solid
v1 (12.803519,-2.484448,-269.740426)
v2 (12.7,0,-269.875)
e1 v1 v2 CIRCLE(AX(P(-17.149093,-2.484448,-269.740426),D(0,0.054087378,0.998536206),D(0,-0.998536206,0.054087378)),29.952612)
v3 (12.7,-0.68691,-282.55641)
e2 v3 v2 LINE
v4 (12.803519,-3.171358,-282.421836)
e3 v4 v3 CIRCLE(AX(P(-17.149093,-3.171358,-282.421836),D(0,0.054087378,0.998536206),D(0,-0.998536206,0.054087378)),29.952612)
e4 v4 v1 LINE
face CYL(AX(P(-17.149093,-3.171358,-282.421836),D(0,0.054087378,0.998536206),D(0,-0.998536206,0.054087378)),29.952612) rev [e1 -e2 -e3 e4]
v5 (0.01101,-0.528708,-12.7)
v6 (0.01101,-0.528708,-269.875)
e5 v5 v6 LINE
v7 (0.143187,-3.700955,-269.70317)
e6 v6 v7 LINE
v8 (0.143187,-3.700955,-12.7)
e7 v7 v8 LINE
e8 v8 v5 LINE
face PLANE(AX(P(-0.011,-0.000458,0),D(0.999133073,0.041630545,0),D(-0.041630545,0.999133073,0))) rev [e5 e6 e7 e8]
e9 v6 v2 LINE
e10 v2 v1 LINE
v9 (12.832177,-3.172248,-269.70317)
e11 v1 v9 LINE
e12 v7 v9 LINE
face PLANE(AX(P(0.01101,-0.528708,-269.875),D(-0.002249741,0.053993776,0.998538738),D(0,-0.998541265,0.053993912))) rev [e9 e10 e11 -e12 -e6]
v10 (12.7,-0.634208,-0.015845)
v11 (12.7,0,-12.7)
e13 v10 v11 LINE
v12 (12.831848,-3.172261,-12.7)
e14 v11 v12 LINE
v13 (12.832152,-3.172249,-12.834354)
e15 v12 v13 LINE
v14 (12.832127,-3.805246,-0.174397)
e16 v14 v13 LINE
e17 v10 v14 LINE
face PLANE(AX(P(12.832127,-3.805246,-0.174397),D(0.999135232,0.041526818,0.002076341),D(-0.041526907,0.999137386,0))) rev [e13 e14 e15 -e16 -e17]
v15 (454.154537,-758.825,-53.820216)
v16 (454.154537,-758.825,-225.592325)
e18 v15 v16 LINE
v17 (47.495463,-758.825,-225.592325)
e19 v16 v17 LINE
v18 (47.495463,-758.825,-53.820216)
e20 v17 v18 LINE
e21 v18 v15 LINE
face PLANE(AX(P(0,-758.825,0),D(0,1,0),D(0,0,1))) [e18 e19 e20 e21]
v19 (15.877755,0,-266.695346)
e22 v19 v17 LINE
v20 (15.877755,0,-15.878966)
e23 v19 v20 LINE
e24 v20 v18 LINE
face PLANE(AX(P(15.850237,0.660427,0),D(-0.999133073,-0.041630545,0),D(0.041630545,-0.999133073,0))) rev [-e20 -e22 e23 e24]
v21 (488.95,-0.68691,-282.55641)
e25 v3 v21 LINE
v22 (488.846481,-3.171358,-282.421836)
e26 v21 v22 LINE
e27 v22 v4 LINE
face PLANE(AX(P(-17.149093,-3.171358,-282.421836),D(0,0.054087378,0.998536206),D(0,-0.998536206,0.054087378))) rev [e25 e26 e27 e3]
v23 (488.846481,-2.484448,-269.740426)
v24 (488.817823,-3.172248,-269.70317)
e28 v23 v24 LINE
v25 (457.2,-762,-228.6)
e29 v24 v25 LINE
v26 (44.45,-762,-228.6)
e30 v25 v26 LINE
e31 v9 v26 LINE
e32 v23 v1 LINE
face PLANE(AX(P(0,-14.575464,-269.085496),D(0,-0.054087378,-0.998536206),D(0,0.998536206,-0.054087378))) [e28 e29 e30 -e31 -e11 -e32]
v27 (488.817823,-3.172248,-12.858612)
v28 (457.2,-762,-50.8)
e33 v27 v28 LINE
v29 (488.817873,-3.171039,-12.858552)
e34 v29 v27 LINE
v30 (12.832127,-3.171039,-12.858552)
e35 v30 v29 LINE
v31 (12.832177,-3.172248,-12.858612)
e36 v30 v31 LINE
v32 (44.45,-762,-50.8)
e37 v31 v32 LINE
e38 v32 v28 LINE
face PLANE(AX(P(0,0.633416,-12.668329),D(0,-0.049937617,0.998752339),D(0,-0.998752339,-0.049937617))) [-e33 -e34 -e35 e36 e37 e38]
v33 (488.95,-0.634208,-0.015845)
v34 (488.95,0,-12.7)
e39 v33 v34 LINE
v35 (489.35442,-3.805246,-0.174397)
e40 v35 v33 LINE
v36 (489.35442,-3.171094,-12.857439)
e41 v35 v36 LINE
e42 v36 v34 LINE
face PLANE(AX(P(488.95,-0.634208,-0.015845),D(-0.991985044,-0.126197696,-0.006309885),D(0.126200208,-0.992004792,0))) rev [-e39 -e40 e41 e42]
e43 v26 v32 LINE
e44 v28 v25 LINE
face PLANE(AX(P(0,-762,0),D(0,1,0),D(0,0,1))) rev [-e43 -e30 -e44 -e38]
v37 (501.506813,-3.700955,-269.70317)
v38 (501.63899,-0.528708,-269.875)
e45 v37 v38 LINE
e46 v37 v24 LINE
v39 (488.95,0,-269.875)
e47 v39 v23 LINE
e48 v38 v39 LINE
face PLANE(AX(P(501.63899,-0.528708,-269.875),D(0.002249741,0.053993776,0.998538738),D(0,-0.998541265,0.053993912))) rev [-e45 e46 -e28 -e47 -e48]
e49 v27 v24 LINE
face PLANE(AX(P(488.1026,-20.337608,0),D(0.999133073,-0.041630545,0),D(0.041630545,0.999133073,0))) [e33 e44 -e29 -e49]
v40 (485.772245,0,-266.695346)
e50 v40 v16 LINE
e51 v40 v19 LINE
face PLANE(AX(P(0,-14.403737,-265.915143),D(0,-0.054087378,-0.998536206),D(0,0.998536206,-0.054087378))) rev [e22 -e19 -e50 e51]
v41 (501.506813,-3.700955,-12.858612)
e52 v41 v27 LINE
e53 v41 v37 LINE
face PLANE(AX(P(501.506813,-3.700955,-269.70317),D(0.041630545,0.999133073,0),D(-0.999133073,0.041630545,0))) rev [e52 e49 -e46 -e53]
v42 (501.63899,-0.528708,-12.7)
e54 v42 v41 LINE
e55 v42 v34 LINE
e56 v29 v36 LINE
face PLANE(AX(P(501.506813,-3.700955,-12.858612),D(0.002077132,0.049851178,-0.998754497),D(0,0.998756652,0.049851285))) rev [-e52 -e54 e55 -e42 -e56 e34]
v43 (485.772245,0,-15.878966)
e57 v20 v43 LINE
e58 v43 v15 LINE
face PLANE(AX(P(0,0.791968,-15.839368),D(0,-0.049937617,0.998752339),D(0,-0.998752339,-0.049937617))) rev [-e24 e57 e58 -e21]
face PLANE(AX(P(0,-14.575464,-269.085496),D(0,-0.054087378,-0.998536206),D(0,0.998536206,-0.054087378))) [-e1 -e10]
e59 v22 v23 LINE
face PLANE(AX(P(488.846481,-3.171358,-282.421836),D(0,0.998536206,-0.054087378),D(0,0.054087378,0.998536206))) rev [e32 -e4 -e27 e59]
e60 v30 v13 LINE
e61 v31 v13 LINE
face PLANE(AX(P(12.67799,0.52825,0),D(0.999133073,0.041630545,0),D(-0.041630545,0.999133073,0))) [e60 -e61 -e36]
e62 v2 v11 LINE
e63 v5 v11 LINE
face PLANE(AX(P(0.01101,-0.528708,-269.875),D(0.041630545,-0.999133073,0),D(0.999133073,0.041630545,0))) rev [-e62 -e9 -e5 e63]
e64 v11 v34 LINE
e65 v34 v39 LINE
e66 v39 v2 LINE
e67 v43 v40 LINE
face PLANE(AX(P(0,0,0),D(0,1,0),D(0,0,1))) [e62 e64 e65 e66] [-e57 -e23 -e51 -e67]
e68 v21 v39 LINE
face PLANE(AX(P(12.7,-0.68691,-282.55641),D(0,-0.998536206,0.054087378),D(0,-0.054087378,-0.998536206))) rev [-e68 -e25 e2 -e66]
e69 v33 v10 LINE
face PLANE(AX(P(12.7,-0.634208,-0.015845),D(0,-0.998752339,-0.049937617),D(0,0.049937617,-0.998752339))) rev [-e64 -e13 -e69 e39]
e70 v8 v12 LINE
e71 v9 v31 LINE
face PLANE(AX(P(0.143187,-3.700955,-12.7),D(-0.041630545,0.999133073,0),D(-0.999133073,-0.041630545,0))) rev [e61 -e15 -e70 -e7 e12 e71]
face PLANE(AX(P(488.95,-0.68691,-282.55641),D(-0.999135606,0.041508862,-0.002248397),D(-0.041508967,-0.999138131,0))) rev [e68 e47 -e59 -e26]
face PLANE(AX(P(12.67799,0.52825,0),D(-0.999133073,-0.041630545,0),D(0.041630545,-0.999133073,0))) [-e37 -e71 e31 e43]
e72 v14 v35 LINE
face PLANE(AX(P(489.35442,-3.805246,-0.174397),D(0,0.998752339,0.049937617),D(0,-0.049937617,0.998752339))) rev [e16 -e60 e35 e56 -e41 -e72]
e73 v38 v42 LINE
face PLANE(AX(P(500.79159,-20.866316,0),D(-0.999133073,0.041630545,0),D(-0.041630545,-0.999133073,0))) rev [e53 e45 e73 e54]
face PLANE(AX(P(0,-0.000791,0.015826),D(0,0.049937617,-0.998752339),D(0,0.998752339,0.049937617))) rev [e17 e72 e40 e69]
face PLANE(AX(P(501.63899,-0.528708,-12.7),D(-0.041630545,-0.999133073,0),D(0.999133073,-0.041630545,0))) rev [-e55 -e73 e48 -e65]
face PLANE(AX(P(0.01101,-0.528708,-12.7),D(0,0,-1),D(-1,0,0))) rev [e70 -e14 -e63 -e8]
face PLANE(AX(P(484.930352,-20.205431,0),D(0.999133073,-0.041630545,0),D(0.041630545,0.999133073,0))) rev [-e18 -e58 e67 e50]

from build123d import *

# Parameters (mm, degrees)
SHELL2_T            = -3.175
BOSS_EXTRUDE3_DEPTH = 12.7
BOSS_EXTRUDE4_DEPTH = 12.7
BOSS_EXTRUDE5_DEPTH = 12.7
BOSS_EXTRUDE6_DEPTH = 12.7


with BuildPart() as part:
    # Sketch1 → Loft1 section 0
    with BuildSketch(Plane(origin=(0, 0, 0), x_dir=(1, 0, 0), z_dir=(0, 1, 0))):
        with BuildLine():
            Line((12.7, 269.875), (12.7, 12.7))
            Line((12.7, 12.7), (488.95, 12.7))
            Line((488.95, 12.7), (488.95, 269.875))
            Line((488.95, 269.875), (12.7, 269.875))
        make_face()
    # Sketch6 → Loft1 section 1
    with BuildSketch(Plane(origin=(0, -762, 0), x_dir=(1, 0, 0), z_dir=(0, 1, 0))):
        with BuildLine():
            Line((44.45, 50.8), (457.2, 50.8))
            Line((457.2, 50.8), (457.2, 228.6))
            Line((457.2, 228.6), (44.45, 228.6))
            Line((44.45, 228.6), (44.45, 50.8))
        make_face()
    loft()

    # Shell2
    shell2_openings = [part.faces().sort_by_distance(p)[0] for p in [
        (250.825, 0, -141.2875),
    ]]
    offset(amount=SHELL2_T, openings=shell2_openings, kind=Kind.INTERSECTION)

    # Sketch7 → Boss-Extrude3 (add)
    with BuildSketch(Plane(origin=(12.677989601, 0.528249567, 0), x_dir=(0, 0, 1), z_dir=(-0.9991330730923519, -0.04163054471218133, 0))):
        Polygon((-269.875, -0.528707918), (-12.7, -0.528707918), (-12.7, -3.703707918), (-269.703169927, -3.703707918), align=None)
    extrude(amount=BOSS_EXTRUDE3_DEPTH)

    # Sketch8 → Boss-Extrude4 (add)
    with BuildSketch(Plane(origin=(0, -14.575464349, -269.085495681), x_dir=(-1, 0, 0), z_dir=(0, -0.05408737784845071, -0.998536206432936))):
        with BuildLine():
            Line((-12.7, 14.596831097), (-488.95, 14.596831097))
            Line((-488.95, 14.596831097), (-488.846481323, 12.108740796))
            Line((-488.846481323, 12.108740796), (-12.803518677, 12.108740796))
            ThreePointArc((-12.803518677, 12.108740796), (-12.777627818, 13.353862222), (-12.7, 14.596831097))
        make_face()
    extrude(amount=BOSS_EXTRUDE4_DEPTH)

    # Sketch9 → Boss-Extrude5 (add)
    with BuildSketch(Plane(origin=(488.102599653, -20.337608319, 0), x_dir=(0, 0, -1), z_dir=(0.9991330730923519, -0.041630544712181326, 0))):
        Polygon((12.7, 20.355254837), (269.875, 20.355254837), (269.703169927, 17.180254837), (12.858612375, 17.180254837), align=None)
    extrude(amount=BOSS_EXTRUDE5_DEPTH)

    # Sketch10 → Boss-Extrude6 (add)
    with BuildSketch(Plane(origin=(0, 0.633416459, -12.668329177), x_dir=(1, 0, 0), z_dir=(0, -0.049937616943892316, 0.9987523388778448))):
        Polygon((12.7, -0.634207735), (488.95, -0.634207735), (489.354419625, -3.809207735), (12.832126611, -3.809207735), align=None)
    extrude(amount=BOSS_EXTRUDE6_DEPTH)


solid = part.part
